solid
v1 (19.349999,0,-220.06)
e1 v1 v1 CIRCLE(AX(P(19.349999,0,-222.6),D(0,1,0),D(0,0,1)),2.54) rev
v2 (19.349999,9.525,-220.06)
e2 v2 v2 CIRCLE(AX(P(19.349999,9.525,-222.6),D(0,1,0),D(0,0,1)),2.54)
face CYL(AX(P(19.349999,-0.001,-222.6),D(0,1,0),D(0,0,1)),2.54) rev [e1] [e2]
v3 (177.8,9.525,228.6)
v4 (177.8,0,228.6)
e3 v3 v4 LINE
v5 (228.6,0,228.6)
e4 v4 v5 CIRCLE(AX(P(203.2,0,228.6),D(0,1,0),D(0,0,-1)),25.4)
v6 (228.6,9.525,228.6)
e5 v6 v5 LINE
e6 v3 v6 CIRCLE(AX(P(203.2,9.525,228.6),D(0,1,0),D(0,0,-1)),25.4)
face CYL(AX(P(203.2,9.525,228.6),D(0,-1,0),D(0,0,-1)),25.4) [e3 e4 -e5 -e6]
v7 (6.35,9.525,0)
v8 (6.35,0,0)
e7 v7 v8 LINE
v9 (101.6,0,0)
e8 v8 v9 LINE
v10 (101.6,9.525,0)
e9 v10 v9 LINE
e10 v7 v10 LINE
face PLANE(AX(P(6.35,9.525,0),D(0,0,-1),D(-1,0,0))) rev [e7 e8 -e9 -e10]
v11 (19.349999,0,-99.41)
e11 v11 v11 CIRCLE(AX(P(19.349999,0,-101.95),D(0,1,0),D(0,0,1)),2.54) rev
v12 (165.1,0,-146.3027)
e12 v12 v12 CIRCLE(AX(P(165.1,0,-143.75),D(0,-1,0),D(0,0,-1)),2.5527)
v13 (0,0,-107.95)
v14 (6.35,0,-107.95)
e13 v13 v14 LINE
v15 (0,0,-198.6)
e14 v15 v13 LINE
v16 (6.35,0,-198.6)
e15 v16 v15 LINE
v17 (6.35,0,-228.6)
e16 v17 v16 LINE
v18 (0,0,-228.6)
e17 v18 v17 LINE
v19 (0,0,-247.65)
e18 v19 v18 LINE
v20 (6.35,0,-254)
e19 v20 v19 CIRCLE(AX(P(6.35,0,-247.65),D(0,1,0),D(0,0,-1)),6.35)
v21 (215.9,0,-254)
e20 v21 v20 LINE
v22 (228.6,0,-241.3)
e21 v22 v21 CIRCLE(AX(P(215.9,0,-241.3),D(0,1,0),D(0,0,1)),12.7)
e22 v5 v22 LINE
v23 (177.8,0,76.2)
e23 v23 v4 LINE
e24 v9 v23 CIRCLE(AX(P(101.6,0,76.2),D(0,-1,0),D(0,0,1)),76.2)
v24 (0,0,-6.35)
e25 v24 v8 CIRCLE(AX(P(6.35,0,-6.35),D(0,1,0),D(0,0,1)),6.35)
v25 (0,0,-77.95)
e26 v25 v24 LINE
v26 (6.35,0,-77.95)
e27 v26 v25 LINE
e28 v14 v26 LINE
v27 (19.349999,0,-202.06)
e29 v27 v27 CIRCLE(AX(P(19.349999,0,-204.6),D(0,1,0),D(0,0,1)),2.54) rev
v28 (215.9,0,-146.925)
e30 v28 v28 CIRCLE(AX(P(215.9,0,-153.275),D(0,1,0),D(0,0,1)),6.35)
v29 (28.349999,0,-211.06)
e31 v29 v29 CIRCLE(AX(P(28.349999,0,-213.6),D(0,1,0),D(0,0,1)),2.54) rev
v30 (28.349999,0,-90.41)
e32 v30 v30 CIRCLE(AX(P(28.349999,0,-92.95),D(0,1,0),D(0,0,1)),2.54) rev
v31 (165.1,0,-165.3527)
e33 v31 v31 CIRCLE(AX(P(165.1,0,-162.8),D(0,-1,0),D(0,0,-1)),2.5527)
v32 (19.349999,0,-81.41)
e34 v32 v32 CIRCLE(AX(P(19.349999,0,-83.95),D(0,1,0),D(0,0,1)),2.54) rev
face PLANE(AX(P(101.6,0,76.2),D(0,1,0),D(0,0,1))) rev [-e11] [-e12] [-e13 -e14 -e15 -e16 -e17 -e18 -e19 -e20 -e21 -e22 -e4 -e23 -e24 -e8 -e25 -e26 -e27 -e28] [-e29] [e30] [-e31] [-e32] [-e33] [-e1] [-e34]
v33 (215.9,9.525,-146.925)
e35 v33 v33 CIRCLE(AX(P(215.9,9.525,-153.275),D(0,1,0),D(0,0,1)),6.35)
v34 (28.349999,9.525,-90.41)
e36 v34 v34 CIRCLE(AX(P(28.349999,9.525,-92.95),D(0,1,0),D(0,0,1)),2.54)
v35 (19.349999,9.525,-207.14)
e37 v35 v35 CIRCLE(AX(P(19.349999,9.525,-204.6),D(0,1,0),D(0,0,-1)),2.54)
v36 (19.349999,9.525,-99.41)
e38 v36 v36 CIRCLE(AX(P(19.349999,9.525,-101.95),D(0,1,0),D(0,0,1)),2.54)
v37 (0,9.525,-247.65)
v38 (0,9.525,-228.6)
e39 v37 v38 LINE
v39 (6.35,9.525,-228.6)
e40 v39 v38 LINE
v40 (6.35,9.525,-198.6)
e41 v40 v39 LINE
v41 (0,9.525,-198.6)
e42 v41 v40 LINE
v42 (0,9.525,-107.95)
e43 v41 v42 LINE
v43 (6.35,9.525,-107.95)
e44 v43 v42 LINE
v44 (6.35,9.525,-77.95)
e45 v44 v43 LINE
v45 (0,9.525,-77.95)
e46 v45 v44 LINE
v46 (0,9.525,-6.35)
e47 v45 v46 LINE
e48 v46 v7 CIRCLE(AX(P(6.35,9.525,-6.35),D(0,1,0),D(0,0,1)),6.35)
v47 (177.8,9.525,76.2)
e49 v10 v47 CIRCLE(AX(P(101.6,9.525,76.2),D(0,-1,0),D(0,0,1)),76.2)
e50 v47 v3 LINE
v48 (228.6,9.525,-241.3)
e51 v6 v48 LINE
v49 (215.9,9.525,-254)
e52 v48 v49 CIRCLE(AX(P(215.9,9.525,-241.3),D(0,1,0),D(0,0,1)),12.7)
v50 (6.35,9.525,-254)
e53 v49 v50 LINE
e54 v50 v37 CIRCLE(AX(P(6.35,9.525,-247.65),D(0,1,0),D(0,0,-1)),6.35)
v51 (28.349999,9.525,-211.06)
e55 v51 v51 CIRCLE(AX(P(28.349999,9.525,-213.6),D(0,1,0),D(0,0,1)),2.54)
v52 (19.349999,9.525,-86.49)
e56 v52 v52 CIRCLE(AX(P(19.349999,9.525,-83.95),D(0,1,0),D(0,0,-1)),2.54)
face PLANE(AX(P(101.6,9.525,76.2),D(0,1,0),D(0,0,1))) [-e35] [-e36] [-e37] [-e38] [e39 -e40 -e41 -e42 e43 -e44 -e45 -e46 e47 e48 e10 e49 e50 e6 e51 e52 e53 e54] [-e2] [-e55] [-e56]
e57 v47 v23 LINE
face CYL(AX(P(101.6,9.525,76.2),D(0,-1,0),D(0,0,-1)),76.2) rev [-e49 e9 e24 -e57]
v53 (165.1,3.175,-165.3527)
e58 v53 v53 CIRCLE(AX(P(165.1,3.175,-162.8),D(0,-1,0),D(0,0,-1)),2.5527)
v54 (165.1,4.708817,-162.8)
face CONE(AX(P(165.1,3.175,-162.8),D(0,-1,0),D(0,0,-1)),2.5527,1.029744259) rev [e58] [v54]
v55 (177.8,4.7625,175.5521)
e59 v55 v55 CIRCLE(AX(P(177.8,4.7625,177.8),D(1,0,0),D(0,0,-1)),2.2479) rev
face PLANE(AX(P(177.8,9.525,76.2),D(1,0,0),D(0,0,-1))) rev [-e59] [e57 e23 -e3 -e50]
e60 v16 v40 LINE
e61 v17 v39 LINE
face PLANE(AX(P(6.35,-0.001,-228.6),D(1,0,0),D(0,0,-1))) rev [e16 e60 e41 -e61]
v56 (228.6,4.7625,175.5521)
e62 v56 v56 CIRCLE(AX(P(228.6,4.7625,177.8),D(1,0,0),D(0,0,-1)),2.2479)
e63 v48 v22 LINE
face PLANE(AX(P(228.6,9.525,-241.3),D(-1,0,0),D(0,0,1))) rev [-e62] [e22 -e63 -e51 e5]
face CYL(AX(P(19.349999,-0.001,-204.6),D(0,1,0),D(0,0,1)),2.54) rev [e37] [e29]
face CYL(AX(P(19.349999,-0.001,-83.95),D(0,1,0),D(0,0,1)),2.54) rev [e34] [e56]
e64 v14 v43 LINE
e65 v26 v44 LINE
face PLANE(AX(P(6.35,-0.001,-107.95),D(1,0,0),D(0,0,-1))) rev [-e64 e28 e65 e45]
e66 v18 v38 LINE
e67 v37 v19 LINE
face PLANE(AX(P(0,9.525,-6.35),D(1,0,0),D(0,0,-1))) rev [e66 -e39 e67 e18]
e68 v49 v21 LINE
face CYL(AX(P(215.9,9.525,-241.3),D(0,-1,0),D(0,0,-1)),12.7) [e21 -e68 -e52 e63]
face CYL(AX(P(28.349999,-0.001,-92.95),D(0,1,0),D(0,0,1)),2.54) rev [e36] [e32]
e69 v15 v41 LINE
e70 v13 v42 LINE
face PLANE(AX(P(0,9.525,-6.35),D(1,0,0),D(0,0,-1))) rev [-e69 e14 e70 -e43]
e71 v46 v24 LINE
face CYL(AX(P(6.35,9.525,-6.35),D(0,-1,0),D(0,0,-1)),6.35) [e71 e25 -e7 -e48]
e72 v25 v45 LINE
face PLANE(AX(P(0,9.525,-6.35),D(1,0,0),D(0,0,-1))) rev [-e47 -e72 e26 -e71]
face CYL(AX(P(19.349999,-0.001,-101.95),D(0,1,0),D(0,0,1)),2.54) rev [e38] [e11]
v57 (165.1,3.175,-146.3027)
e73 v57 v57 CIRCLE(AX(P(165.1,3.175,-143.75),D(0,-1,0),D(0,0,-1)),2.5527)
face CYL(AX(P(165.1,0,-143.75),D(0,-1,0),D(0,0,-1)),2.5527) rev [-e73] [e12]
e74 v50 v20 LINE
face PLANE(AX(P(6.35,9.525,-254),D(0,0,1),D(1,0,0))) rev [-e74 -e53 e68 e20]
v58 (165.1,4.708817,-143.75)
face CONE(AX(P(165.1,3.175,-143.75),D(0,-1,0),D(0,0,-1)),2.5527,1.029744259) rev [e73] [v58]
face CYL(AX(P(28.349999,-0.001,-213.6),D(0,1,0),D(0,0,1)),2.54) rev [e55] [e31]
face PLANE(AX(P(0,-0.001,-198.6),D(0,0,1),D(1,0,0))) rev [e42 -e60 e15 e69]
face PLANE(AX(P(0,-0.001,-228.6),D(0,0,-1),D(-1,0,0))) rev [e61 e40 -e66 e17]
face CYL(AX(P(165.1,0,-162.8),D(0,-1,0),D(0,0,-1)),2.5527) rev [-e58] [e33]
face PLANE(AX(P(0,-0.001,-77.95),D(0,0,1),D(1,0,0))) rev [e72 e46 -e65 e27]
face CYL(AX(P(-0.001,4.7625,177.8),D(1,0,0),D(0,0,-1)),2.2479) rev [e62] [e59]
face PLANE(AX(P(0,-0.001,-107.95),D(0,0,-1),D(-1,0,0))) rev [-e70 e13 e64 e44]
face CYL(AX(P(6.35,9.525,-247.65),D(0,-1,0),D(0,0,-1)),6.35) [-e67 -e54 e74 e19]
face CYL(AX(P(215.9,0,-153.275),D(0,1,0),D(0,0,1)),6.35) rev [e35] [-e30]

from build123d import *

# Parameters (mm, degrees)
BOSS_EXTRUDE1_DEPTH            = 9.525
CUT_EXTRUDE1_REACH             = 11.525
SKETCH2_R                      = 2.54
SKETCH2_W                      = 6.35
SKETCH2_H                      = 30
CUT_EXTRUDE2_REACH             = 230.6
SKETCH3_R                      = 2.2479
F_7_0_201_DIAMETER_HOLE1_D     = 5.1054
F_7_0_201_DIAMETER_HOLE1_DEPTH = 3.175
F_7_0_201_DIAMETER_HOLE1_TIP   = 1.533816902
SKETCH7_R                      = 6.35
CUT_EXTRUDE3_DEPTH             = 10.525


with BuildPart() as part:
    # Sketch1 → Boss-Extrude1 (new body)
    with BuildSketch(Plane(origin=(0, 0, 0), x_dir=(1, 0, 0), z_dir=(0, 1, 0))):
        with BuildLine():
            Line((6.35, 0), (101.6, 0))
            ThreePointArc((101.6, 0), (155.481536726, -22.318463274), (177.8, -76.2))
            Line((177.8, -76.2), (177.8, -228.6))
            ThreePointArc((177.8, -228.6), (203.2, -254), (228.6, -228.6))
            Line((228.6, -228.6), (228.6, 241.3))
            ThreePointArc((228.6, 241.3), (224.880256121, 250.280256121), (215.9, 254))
            Line((215.9, 254), (6.35, 254))
            ThreePointArc((6.35, 254), (1.859871939, 252.140128061), (0, 247.65))
            Line((0, 247.65), (0, 6.35))
            ThreePointArc((0, 6.35), (1.859871939, 1.859871939), (6.35, 0))
        make_face()
    extrude(amount=BOSS_EXTRUDE1_DEPTH)

    # Sketch2 → Cut-Extrude1 (cut, up to next)
    with BuildSketch(Plane(origin=(0, 9.525, 0), x_dir=(1, 0, 0), z_dir=(0, 1, 0)), mode=Mode.PRIVATE) as cut_extrude1_sk1:
        with Locations((28.34999918, 213.6)):
            Circle(SKETCH2_R)
    cut_extrude1_tool1 = extrude(cut_extrude1_sk1.sketch, amount=-CUT_EXTRUDE1_REACH, mode=Mode.PRIVATE) & part.part
    add(cut_extrude1_tool1.solids().sort_by_distance((28.349999, 9.525, -213.6))[0], mode=Mode.SUBTRACT)
    # Sketch2 → Cut-Extrude1 (cut, up to next)
    with BuildSketch(Plane(origin=(0, 9.525, 0), x_dir=(1, 0, 0), z_dir=(0, 1, 0)), mode=Mode.PRIVATE) as cut_extrude1_sk2:
        with Locations((19.3499994, 222.59999978)):
            Circle(SKETCH2_R)
    cut_extrude1_tool2 = extrude(cut_extrude1_sk2.sketch, amount=-CUT_EXTRUDE1_REACH, mode=Mode.PRIVATE) & part.part
    add(cut_extrude1_tool2.solids().sort_by_distance((19.349999, 9.525, -222.6))[0], mode=Mode.SUBTRACT)
    # Sketch2 → Cut-Extrude1 (cut, up to next)
    with BuildSketch(Plane(origin=(0, 9.525, 0), x_dir=(1, 0, 0), z_dir=(0, 1, 0)), mode=Mode.PRIVATE) as cut_extrude1_sk3:
        with Locations((19.3499994, 204.60000022)):
            Circle(SKETCH2_R)
    cut_extrude1_tool3 = extrude(cut_extrude1_sk3.sketch, amount=-CUT_EXTRUDE1_REACH, mode=Mode.PRIVATE) & part.part
    add(cut_extrude1_tool3.solids().sort_by_distance((19.349999, 9.525, -204.6))[0], mode=Mode.SUBTRACT)
    # Sketch2 → Cut-Extrude1 (cut, up to next)
    with BuildSketch(Plane(origin=(0, 9.525, 0), x_dir=(1, 0, 0), z_dir=(0, 1, 0)), mode=Mode.PRIVATE) as cut_extrude1_sk4:
        with Locations((28.34999918, 92.95)):
            Circle(SKETCH2_R)
    cut_extrude1_tool4 = extrude(cut_extrude1_sk4.sketch, amount=-CUT_EXTRUDE1_REACH, mode=Mode.PRIVATE) & part.part
    add(cut_extrude1_tool4.solids().sort_by_distance((28.349999, 9.525, -92.95))[0], mode=Mode.SUBTRACT)
    # Sketch2 → Cut-Extrude1 (cut, up to next)
    with BuildSketch(Plane(origin=(0, 9.525, 0), x_dir=(1, 0, 0), z_dir=(0, 1, 0)), mode=Mode.PRIVATE) as cut_extrude1_sk5:
        with Locations((19.3499994, 101.94999978)):
            Circle(SKETCH2_R)
    cut_extrude1_tool5 = extrude(cut_extrude1_sk5.sketch, amount=-CUT_EXTRUDE1_REACH, mode=Mode.PRIVATE) & part.part
    add(cut_extrude1_tool5.solids().sort_by_distance((19.349999, 9.525, -101.95))[0], mode=Mode.SUBTRACT)
    # Sketch2 → Cut-Extrude1 (cut, up to next)
    with BuildSketch(Plane(origin=(0, 9.525, 0), x_dir=(1, 0, 0), z_dir=(0, 1, 0)), mode=Mode.PRIVATE) as cut_extrude1_sk6:
        with Locations((19.3499994, 83.95000022)):
            Circle(SKETCH2_R)
    cut_extrude1_tool6 = extrude(cut_extrude1_sk6.sketch, amount=-CUT_EXTRUDE1_REACH, mode=Mode.PRIVATE) & part.part
    add(cut_extrude1_tool6.solids().sort_by_distance((19.349999, 9.525, -83.95))[0], mode=Mode.SUBTRACT)
    # Sketch2 → Cut-Extrude1 (cut, up to next)
    with BuildSketch(Plane(origin=(0, 9.525, 0), x_dir=(1, 0, 0), z_dir=(0, 1, 0)), mode=Mode.PRIVATE) as cut_extrude1_sk7:
        with Locations((3.175, 213.6)):
            Rectangle(SKETCH2_W, SKETCH2_H)
    cut_extrude1_tool7 = extrude(cut_extrude1_sk7.sketch, amount=-CUT_EXTRUDE1_REACH, mode=Mode.PRIVATE) & part.part
    add(cut_extrude1_tool7.solids().sort_by_distance((3.175, 9.525, -213.6))[0], mode=Mode.SUBTRACT)
    # Sketch2 → Cut-Extrude1 (cut, up to next)
    with BuildSketch(Plane(origin=(0, 9.525, 0), x_dir=(1, 0, 0), z_dir=(0, 1, 0)), mode=Mode.PRIVATE) as cut_extrude1_sk8:
        with Locations((3.175, 92.95)):
            Rectangle(SKETCH2_W, SKETCH2_H)
    cut_extrude1_tool8 = extrude(cut_extrude1_sk8.sketch, amount=-CUT_EXTRUDE1_REACH, mode=Mode.PRIVATE) & part.part
    add(cut_extrude1_tool8.solids().sort_by_distance((3.175, 9.525, -92.95))[0], mode=Mode.SUBTRACT)

    # Sketch3 → Cut-Extrude2 (cut, up to next)
    with BuildSketch(Plane(origin=(228.6, 0, 0), x_dir=(0, 0, -1), z_dir=(1, 0, 0)), mode=Mode.PRIVATE) as cut_extrude2_sk1:
        with Locations((-177.8, 4.7625)):
            Circle(SKETCH3_R)
    cut_extrude2_tool1 = extrude(cut_extrude2_sk1.sketch, amount=-CUT_EXTRUDE2_REACH, mode=Mode.PRIVATE) & part.part
    add(cut_extrude2_tool1.solids().sort_by_distance((228.6, 4.7625, 177.8))[0], mode=Mode.SUBTRACT)

    # #7 (0.201) Diameter Hole1
    with Locations(Plane(origin=(0, 0, 0), x_dir=(-1, 0, 0), z_dir=(0, -1, 0))):
        with Locations((-165.1, 143.75), (-165.1, 162.8)):
            Hole(F_7_0_201_DIAMETER_HOLE1_D / 2, depth=F_7_0_201_DIAMETER_HOLE1_DEPTH)
            with Locations((0, 0, -(F_7_0_201_DIAMETER_HOLE1_DEPTH + F_7_0_201_DIAMETER_HOLE1_TIP / 2))):  # 118° drill point
                Cone(0, F_7_0_201_DIAMETER_HOLE1_D / 2, F_7_0_201_DIAMETER_HOLE1_TIP, mode=Mode.SUBTRACT)

    # Sketch7 → Cut-Extrude3 (cut, through all)
    with BuildSketch(Plane(origin=(0, 9.525, 0), x_dir=(1, 0, 0), z_dir=(0, 1, 0))):
        with Locations((215.9, 153.275)):
            Circle(SKETCH7_R)
    extrude(amount=-CUT_EXTRUDE3_DEPTH, mode=Mode.SUBTRACT)


solid = part.part
